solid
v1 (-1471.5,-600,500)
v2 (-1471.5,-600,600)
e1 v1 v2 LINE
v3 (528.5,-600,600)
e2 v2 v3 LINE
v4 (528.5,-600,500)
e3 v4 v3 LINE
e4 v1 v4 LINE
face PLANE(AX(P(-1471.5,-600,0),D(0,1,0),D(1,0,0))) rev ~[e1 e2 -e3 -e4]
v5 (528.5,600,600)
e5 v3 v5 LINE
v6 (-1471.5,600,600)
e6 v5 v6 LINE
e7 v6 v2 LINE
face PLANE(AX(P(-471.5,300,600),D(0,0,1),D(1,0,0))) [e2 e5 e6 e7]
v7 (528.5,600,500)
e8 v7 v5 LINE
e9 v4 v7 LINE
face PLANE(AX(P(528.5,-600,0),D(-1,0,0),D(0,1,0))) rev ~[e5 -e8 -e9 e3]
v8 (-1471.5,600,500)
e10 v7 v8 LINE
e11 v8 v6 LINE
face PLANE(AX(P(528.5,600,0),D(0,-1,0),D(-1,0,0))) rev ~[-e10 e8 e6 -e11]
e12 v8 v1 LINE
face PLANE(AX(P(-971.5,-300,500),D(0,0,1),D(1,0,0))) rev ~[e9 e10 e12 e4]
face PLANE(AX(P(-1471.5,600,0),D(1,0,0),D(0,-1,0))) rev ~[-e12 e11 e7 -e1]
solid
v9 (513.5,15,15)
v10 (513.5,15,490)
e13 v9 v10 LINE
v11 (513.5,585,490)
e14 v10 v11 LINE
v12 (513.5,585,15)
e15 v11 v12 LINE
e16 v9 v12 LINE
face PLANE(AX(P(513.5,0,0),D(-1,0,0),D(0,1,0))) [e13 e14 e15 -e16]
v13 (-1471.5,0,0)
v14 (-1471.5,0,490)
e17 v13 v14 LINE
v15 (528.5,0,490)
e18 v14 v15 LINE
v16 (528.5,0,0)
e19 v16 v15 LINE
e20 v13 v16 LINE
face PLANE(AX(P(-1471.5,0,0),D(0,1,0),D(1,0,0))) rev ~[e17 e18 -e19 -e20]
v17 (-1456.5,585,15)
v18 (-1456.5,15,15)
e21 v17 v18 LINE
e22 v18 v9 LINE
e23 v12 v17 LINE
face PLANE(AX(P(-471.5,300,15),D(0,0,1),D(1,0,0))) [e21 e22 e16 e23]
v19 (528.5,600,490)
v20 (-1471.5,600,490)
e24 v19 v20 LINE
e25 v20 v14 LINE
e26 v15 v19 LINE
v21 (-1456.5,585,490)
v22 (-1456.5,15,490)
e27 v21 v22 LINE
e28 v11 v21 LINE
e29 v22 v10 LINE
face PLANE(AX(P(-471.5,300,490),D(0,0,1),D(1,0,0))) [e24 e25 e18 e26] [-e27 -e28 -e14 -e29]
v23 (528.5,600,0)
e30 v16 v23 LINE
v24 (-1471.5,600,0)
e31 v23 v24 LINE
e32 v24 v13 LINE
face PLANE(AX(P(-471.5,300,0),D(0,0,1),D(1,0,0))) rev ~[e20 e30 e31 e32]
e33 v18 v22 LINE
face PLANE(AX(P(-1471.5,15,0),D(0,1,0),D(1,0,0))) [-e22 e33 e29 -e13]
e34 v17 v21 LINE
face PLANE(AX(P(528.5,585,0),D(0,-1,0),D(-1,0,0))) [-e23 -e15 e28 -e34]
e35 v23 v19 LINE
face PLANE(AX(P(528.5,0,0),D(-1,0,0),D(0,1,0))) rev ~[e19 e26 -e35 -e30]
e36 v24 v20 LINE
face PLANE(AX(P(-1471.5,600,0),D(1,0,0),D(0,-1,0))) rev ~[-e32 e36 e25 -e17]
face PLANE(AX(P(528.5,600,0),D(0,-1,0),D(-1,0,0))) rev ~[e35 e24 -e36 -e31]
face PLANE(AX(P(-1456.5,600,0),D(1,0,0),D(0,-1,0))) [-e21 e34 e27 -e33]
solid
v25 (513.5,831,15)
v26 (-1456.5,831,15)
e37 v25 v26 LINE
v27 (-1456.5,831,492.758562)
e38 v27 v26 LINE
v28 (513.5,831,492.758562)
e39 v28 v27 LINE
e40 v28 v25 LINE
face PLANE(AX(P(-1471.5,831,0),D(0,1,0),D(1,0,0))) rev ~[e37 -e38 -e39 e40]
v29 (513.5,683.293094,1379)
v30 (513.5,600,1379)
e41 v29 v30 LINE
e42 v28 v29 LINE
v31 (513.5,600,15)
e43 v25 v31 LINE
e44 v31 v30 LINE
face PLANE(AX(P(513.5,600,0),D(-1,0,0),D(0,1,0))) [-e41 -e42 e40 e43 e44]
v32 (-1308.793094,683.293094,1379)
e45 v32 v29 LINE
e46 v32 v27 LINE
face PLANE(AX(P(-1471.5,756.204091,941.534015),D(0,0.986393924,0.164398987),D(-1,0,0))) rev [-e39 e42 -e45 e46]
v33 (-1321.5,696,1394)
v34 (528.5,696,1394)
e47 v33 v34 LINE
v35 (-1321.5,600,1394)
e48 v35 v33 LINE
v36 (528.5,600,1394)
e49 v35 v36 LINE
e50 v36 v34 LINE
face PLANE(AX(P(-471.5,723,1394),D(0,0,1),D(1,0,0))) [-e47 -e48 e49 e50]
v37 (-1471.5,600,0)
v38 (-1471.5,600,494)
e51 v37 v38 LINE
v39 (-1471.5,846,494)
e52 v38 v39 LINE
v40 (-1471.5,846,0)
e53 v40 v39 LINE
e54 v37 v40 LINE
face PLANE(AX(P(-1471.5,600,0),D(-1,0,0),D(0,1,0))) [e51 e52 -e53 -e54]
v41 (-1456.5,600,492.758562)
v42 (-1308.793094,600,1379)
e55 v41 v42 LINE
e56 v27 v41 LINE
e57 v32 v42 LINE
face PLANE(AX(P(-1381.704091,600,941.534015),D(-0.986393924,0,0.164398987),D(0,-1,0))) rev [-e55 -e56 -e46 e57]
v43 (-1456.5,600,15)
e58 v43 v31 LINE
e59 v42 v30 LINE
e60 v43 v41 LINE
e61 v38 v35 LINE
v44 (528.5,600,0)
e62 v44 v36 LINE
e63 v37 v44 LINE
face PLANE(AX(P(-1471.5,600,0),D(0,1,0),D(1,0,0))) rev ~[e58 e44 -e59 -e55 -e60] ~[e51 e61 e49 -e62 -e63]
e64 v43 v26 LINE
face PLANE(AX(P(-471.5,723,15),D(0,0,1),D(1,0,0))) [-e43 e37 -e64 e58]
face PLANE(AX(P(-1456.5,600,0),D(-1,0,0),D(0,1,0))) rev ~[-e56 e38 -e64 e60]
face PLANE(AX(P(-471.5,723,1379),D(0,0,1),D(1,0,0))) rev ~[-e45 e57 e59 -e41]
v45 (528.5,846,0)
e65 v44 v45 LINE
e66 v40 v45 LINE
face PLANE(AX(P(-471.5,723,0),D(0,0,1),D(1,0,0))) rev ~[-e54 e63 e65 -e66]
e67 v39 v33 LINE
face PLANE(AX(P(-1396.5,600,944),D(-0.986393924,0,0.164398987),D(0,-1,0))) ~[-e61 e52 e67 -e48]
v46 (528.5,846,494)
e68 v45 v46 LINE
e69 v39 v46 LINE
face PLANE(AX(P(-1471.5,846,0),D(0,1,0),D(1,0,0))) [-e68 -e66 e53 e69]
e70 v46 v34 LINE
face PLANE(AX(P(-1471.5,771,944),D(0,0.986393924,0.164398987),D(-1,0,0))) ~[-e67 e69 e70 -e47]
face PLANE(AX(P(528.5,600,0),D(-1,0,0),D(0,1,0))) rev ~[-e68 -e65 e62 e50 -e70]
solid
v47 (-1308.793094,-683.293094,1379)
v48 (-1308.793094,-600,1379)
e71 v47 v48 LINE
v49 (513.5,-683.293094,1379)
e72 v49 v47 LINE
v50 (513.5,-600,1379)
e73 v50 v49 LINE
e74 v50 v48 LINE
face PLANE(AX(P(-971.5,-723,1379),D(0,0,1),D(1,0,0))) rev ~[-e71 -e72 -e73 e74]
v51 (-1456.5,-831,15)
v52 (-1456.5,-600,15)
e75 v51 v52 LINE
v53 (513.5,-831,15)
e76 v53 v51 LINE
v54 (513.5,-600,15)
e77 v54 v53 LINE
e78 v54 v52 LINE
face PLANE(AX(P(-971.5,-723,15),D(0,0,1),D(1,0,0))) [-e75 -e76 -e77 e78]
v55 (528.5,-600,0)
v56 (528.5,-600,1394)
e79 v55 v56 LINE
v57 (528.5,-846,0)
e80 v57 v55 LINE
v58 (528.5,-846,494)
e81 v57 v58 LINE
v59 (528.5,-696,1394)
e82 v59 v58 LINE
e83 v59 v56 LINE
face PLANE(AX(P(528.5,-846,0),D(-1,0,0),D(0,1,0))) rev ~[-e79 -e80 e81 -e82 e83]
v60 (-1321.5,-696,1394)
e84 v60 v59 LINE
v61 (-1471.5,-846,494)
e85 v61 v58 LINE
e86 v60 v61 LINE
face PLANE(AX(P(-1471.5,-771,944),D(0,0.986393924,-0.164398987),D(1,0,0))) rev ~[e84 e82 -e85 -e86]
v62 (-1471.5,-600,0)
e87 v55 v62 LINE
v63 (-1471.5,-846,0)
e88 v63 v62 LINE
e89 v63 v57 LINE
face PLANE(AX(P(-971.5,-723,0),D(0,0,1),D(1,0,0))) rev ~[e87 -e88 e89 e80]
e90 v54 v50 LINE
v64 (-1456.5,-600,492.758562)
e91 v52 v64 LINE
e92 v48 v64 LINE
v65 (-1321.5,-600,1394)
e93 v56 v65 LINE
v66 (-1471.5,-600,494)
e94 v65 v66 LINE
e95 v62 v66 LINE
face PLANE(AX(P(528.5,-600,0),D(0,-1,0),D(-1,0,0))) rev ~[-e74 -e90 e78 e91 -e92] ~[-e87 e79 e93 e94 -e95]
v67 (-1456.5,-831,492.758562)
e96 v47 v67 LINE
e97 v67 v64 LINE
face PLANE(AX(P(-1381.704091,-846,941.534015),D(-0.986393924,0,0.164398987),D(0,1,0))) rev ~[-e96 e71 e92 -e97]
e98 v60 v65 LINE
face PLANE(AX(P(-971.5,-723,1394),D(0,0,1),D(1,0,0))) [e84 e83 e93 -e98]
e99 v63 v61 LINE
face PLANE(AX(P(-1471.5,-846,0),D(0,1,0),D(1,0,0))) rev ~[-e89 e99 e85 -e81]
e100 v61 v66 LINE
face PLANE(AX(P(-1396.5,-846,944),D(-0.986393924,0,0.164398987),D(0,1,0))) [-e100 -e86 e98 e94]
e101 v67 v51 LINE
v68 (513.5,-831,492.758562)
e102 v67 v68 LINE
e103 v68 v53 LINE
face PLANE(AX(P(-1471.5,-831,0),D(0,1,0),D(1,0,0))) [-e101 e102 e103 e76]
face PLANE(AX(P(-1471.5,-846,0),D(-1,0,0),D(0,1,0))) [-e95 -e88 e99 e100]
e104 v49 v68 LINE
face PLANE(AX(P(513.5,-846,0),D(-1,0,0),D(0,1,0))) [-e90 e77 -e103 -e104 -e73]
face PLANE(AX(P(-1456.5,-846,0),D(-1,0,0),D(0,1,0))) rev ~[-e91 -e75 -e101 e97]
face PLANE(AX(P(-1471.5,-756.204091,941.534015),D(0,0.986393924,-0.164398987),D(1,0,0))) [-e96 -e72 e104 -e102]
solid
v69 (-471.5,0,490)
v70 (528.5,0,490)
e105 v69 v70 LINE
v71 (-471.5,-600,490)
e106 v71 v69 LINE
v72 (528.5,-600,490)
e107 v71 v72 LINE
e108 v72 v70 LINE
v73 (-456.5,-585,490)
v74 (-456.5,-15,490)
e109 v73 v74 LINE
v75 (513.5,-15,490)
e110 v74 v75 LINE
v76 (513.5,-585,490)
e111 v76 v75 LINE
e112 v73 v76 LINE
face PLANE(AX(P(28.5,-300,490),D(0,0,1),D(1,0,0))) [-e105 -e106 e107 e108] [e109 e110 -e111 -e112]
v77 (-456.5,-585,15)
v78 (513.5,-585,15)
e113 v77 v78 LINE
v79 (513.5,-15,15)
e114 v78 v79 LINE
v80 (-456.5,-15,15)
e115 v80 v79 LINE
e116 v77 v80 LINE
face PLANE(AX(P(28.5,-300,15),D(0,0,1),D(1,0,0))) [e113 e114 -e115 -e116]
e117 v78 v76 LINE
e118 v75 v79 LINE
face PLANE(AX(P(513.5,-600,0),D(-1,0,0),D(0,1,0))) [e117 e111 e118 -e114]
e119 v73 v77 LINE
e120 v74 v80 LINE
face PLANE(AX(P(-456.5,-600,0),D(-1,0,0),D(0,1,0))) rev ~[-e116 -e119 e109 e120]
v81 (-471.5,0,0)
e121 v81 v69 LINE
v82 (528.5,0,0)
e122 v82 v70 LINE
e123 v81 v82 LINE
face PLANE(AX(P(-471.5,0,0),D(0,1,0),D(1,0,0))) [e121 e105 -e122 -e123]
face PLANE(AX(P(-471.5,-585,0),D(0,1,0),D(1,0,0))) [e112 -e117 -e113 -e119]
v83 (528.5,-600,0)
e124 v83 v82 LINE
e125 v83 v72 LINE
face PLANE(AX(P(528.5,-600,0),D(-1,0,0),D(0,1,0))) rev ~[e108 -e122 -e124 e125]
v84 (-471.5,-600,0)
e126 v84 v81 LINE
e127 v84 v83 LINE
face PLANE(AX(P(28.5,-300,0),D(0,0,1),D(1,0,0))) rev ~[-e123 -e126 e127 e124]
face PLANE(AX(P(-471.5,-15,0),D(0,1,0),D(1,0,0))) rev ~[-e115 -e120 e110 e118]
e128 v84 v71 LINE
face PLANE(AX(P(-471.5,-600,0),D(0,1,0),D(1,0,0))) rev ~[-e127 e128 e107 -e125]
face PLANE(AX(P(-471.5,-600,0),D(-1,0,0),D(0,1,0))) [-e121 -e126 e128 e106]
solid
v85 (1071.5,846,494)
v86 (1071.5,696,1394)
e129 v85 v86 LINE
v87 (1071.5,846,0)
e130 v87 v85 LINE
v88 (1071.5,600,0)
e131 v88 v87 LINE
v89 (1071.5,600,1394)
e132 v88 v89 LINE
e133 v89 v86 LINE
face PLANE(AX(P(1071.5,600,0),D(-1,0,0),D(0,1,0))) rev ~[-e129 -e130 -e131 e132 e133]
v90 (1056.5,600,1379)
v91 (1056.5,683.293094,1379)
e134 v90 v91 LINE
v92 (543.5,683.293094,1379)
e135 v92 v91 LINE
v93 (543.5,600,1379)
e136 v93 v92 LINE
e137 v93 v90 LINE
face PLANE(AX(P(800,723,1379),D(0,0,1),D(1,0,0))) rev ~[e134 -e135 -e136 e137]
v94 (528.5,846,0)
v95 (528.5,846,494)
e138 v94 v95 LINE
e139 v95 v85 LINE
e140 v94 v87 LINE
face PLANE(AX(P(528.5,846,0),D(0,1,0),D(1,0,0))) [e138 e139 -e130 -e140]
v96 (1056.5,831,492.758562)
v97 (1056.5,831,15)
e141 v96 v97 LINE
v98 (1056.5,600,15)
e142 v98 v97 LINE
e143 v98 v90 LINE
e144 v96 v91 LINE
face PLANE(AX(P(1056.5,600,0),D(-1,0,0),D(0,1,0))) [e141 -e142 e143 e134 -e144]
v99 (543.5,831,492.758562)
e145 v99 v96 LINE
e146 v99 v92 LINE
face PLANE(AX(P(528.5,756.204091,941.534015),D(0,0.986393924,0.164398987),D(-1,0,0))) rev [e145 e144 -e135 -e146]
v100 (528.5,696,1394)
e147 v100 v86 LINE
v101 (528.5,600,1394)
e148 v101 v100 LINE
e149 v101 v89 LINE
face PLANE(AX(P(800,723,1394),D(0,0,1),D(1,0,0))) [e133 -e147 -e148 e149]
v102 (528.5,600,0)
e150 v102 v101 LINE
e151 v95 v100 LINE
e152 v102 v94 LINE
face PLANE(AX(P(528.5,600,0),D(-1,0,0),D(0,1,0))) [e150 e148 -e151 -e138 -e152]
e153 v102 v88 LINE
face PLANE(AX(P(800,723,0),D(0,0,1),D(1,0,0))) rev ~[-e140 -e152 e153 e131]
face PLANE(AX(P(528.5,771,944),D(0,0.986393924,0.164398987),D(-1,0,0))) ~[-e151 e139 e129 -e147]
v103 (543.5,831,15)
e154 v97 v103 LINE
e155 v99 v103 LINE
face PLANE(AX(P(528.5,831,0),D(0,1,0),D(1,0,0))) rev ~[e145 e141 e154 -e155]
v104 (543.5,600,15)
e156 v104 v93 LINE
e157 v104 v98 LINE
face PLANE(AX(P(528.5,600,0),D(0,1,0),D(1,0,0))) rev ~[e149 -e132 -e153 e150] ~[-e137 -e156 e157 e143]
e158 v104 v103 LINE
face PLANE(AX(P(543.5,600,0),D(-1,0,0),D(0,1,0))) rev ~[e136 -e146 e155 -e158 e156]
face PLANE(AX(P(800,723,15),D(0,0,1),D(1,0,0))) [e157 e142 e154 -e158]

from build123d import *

# Parameters (mm, degrees)
F2_W       = 1000
F2_H       = 600
F3_DEPTH   = 600
F2_W_2     = 2000
F2_H_2     = 246
F4_DEPTH   = 1394
F5_DEPTH   = 500
F2_W_3     = 543
F6_DEPTH   = 1394
F7_SIZE2   = 900
F7_SIZE    = 150
F8_SIZE2   = 150
F8_SIZE    = 900
F8_2_SIZE2 = 150
F8_2_SIZE  = 900
F9_DEPTH   = 490
F10_DEPTH  = 490
F11_T      = -15
F11_2_T    = -15
F11_3_T    = -15
F11_4_T    = -15
F11_5_T    = -15


with BuildPart() as f3:
    # F2 (on Top) → F3 (new body)
    with BuildSketch(Plane.XY):
        Polygon((528.5, 600), (-1471.5, 600), (-1471.5, 0), (-471.5, 0), (528.5, 0), align=None)
        with Locations((-971.5, -300)):
            Rectangle(F2_W, F2_H)
        with Locations((28.5, -300)):
            Rectangle(F2_W, F2_H)
    extrude(amount=F3_DEPTH)

    # F2 (on Top) → F5 (cut)
    with BuildSketch(Plane.XY):
        with Locations((-971.5, -300)):
            Rectangle(F2_W, F2_H)
        with Locations((28.5, -300)):
            Rectangle(F2_W, F2_H)
        Polygon((528.5, 600), (-1471.5, 600), (-1471.5, 0), (-471.5, 0), (528.5, 0), align=None)
    extrude(amount=F5_DEPTH, mode=Mode.SUBTRACT)


with BuildPart() as f4:
    # F2 (on Top) → F4 (new body)
    with BuildSketch(Plane.XY):
        with Locations((-471.5, 723)):
            Rectangle(F2_W_2, F2_H_2)
    extrude(amount=F4_DEPTH)

    # F8
    f8_edges = [f4.edges().sort_by_distance(p)[0] for p in [
        (-471.5, 846, 1394),
        (-1471.5, 723, 1394),
    ]]
    chamfer(f8_edges, length=F8_SIZE, length2=F8_SIZE2)

    # F11#4
    f11_4_openings = [f4.faces().sort_by_distance(p)[0] for p in [
        (-447.928965, 600, 687.149789),
    ]]
    offset(amount=F11_4_T, openings=f11_4_openings)


with BuildPart() as f4b:
    # F2 (on Top) → F4, piece 2 (new body)
    with BuildSketch(Plane.XY):
        with Locations((-971.5, -723)):
            Rectangle(F2_W, F2_H_2)
        with Locations((28.5, -723)):
            Rectangle(F2_W, F2_H_2)
    extrude(amount=F4_DEPTH)

    # F7
    f7_edges = [f4b.edges().sort_by_distance(p)[0] for p in [
        (-471.5, -846, 1394),
        (-1471.5, -723, 1394),
    ]]
    f7_side = f4b.faces().sort_by_distance((-471.5, -723, 1394))[0]
    chamfer(f7_edges, length=F7_SIZE, length2=F7_SIZE2, reference=f7_side)

    # F11#3
    f11_3_openings = [f4b.faces().sort_by_distance(p)[0] for p in [
        (-447.928965, -600, 687.149789),
    ]]
    offset(amount=F11_3_T, openings=f11_3_openings)


with BuildPart() as f6:
    # F2 (on Top) → F6 (new body)
    with BuildSketch(Plane.XY):
        with Locations((800, 723)):
            Rectangle(F2_W_3, F2_H_2)
    extrude(amount=F6_DEPTH)

    # F8#2
    f8_2_edges = [f6.edges().sort_by_distance(p)[0] for p in [
        (800, 846, 1394),
    ]]
    chamfer(f8_2_edges, length=F8_2_SIZE, length2=F8_2_SIZE2)

    # F11#5
    f11_5_openings = [f6.faces().sort_by_distance(p)[0] for p in [
        (800, 600, 697),
    ]]
    offset(amount=F11_5_T, openings=f11_5_openings)


with BuildPart() as f9:
    # F2 (on Top) → F9 (new body)
    with BuildSketch(Plane.XY):
        with Locations((28.5, -300)):
            Rectangle(F2_W, F2_H)
    extrude(amount=F9_DEPTH)

    # F11#2
    f11_2_openings = [f9.faces().sort_by_distance(p)[0] for p in [
        (28.5, -300, 490),
    ]]
    offset(amount=F11_2_T, openings=f11_2_openings)


with BuildPart() as f10:
    # F2 (on Top) → F10 (new body)
    with BuildSketch(Plane.XY):
        Polygon((528.5, 600), (-1471.5, 600), (-1471.5, 0), (-471.5, 0), (528.5, 0), align=None)
    extrude(amount=F10_DEPTH)

    # F11
    f11_openings = [f10.faces().sort_by_distance(p)[0] for p in [
        (-471.5, 300, 490),
    ]]
    offset(amount=F11_T, openings=f11_openings)


solid = Compound([f3.part, f4.part, f4b.part, f6.part, f9.part, f10.part])
